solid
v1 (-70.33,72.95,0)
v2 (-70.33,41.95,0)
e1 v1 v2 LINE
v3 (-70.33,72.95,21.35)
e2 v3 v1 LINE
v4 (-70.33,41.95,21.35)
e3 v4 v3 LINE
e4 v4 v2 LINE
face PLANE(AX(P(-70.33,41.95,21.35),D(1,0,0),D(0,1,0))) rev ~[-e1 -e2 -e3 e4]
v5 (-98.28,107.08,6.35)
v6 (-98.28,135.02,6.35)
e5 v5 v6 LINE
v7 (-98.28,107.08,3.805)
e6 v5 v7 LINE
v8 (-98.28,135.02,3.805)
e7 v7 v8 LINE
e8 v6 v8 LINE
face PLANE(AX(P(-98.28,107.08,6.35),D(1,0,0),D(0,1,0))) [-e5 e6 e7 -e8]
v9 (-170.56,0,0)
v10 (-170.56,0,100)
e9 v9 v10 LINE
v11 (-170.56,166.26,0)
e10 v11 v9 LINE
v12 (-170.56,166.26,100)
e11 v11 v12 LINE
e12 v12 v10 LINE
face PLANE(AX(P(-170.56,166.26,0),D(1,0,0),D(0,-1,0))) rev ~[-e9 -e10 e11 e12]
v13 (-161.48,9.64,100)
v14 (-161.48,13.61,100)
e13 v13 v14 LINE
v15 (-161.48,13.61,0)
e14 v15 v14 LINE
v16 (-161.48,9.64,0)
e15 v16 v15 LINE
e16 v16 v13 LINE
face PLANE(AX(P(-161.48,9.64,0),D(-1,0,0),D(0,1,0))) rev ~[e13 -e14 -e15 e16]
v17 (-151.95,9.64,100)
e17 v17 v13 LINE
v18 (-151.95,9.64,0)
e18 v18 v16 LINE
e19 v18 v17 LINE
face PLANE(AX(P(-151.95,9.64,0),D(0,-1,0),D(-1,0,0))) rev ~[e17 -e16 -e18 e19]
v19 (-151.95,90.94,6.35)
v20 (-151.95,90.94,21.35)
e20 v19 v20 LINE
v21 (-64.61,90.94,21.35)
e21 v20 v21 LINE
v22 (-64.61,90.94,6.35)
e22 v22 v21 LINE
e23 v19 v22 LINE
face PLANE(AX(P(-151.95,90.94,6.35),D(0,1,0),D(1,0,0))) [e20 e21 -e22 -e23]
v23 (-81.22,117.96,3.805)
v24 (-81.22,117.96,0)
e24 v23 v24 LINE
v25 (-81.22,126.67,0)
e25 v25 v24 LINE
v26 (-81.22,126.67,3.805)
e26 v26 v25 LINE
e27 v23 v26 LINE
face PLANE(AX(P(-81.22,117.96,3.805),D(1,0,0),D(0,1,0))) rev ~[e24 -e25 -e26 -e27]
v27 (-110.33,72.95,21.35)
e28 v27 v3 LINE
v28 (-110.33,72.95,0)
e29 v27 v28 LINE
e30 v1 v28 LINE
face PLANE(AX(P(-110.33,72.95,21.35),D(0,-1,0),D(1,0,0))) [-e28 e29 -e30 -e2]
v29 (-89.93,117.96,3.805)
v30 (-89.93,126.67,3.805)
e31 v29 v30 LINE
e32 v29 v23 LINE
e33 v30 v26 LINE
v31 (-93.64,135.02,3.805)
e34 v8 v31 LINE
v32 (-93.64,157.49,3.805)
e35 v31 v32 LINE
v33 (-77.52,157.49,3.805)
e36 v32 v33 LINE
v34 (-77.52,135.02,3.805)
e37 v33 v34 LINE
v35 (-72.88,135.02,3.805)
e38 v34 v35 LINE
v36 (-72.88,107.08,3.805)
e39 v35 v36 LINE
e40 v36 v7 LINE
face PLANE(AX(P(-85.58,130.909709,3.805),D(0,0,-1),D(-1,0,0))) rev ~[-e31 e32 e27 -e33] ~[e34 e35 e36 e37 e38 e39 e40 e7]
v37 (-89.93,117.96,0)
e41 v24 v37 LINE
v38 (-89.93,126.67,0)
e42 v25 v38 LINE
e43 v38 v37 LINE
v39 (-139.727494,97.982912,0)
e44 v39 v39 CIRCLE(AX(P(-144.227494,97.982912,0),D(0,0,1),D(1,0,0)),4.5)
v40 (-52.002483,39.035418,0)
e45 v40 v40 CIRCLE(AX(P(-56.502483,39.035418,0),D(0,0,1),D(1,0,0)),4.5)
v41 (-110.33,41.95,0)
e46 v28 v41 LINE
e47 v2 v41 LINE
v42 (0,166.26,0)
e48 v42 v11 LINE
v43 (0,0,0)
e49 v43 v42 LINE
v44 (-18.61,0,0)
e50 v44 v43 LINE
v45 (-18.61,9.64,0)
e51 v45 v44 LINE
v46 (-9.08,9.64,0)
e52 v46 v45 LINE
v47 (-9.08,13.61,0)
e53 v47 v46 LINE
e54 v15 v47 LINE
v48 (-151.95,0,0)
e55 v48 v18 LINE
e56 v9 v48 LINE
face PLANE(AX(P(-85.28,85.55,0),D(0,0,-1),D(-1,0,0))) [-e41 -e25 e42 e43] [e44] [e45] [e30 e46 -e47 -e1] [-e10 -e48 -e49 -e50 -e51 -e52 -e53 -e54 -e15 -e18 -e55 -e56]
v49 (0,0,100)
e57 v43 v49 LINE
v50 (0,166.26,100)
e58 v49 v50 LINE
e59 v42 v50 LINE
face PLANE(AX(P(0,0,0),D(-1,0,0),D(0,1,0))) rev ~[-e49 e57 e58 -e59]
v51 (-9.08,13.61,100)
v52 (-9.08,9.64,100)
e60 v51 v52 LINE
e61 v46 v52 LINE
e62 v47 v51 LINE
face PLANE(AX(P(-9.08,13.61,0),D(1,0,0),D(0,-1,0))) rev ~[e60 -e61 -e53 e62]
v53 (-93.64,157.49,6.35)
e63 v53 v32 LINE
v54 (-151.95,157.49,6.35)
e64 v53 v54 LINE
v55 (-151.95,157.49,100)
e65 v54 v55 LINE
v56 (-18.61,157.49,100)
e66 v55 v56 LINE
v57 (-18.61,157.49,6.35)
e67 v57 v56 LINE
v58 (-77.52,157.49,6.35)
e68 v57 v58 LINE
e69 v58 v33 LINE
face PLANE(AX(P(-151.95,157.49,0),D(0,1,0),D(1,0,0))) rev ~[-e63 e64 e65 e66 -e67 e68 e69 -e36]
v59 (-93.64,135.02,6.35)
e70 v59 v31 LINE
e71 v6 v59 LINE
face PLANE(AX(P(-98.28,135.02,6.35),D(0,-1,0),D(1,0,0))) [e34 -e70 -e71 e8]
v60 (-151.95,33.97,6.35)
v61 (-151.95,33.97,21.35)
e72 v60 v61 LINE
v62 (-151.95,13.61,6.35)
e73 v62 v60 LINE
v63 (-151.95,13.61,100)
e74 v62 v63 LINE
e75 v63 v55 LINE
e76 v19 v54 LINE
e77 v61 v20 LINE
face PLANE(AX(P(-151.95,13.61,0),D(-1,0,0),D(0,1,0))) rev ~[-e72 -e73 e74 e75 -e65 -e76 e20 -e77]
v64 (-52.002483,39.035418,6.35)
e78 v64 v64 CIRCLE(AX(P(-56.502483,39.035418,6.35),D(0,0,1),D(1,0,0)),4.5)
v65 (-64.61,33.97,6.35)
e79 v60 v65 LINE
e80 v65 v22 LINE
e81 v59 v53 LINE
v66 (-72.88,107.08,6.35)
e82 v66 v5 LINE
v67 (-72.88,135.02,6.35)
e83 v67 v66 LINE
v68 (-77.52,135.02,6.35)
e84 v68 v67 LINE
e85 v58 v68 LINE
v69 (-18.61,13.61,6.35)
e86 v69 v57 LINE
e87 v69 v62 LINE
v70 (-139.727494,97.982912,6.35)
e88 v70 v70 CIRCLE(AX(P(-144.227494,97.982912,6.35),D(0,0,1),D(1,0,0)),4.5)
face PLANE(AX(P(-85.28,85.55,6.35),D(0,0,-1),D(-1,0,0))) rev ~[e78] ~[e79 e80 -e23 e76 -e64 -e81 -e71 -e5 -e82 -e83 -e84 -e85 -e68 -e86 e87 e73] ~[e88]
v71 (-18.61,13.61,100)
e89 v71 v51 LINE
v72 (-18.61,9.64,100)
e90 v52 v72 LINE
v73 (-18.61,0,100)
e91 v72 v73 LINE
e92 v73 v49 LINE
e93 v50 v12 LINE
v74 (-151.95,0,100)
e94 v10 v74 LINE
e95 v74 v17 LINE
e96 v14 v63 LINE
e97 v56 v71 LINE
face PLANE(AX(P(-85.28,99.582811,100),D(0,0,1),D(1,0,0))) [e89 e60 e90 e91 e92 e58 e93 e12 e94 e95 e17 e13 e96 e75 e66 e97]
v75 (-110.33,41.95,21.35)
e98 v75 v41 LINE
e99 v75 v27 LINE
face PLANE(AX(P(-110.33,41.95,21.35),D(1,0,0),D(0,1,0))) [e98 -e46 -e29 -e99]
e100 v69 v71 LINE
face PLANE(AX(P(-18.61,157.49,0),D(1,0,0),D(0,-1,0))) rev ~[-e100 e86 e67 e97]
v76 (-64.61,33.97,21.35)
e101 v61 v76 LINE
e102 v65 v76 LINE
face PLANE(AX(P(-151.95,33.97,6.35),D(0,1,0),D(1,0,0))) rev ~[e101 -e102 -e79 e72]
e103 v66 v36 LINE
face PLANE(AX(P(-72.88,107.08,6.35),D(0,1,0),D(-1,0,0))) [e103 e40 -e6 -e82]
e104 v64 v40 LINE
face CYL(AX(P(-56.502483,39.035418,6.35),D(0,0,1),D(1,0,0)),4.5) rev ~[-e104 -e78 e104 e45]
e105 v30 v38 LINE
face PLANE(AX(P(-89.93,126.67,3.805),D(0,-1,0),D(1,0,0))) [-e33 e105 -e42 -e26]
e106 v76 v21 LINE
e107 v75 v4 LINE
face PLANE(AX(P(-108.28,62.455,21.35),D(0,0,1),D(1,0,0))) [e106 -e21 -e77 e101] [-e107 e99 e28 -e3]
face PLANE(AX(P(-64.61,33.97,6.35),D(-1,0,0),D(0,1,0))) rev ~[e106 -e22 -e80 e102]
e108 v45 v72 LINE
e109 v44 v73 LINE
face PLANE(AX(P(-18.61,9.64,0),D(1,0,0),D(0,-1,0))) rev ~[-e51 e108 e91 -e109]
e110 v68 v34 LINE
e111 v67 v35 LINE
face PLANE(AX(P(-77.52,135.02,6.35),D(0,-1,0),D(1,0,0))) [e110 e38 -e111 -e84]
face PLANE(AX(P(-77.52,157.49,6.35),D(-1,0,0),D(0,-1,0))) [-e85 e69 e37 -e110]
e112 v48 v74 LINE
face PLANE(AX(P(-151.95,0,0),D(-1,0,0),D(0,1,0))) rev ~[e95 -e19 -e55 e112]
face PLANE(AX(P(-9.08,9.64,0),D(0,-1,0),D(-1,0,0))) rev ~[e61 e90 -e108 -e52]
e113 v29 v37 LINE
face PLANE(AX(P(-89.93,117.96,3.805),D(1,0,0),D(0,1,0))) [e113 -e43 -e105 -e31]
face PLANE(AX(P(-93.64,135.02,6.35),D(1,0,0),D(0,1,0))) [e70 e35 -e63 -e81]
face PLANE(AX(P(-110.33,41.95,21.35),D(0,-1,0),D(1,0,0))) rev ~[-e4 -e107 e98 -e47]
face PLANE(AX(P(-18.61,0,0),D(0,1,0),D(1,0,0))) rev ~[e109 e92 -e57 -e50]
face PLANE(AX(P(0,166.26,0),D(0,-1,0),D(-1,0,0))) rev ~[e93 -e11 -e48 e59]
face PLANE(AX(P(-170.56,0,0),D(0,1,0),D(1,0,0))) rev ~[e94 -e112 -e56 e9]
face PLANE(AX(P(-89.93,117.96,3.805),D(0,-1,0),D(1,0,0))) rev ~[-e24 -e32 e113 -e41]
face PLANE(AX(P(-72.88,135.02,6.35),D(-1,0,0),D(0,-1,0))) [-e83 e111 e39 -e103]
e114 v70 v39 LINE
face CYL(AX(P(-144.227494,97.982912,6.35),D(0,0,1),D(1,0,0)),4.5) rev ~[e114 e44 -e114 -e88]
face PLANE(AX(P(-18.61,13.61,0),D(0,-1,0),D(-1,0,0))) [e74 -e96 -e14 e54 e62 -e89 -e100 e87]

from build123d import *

# Parameters (mm, degrees)
BOSS_EXTRUDE1_DEPTH = 100
SKETCH2_W           = 133.34
SKETCH2_H           = 143.88
BOSS_EXTRUDE2_DEPTH = 6.35
SKETCH3_W           = 87.34
SKETCH3_H           = 56.97
BOSS_EXTRUDE3_DEPTH = 15
SKETCH4_R           = 4.5
CUT_EXTRUDE1_DEPTH  = 256.936366505
SKETCH5_W           = 40
SKETCH5_H           = 31
CUT_EXTRUDE2_DEPTH  = 251.836448109
CUT_EXTRUDE3_DEPTH  = 2.545
SKETCH7_W           = 8.71
SKETCH7_H           = 8.71
CUT_EXTRUDE4_DEPTH  = 257.878530097


with BuildPart() as part:
    # Sketch1 → Boss-Extrude1 (new body)
    with BuildSketch(Plane.XY):
        Polygon((0, 0), (0, 166.26), (-170.56, 166.26), (-170.56, 0), (-151.95, 0), (-151.95, 9.64), (-161.48, 9.64), (-161.48, 13.61), (-151.95, 13.61), (-151.95, 157.49), (-18.61, 157.49), (-18.61, 13.61), (-9.08, 13.61), (-9.08, 9.64), (-18.61, 9.64), (-18.61, 0), align=None)
    extrude(amount=BOSS_EXTRUDE1_DEPTH)

    # Sketch2 → Boss-Extrude2 (add)
    with BuildSketch(Plane(origin=(0, 0, 0), x_dir=(-1, 0, 0), z_dir=(0, 0, -1))):
        with Locations((85.28, 85.55)):
            Rectangle(SKETCH2_W, SKETCH2_H)
    extrude(amount=-BOSS_EXTRUDE2_DEPTH)

    # Sketch3 → Boss-Extrude3 (add)
    with BuildSketch(Plane.XY.offset(6.35)):
        with Locations((-108.28, 62.455)):
            Rectangle(SKETCH3_W, SKETCH3_H)
    extrude(amount=BOSS_EXTRUDE3_DEPTH)

    # Sketch4 → Cut-Extrude1 (cut, through all)
    with BuildSketch(Plane.XY.offset(6.35)):
        with Locations((-56.502483378, 39.035418079)):
            Circle(SKETCH4_R)
        with Locations((-144.227493726, 97.982911805)):
            Circle(SKETCH4_R)
    extrude(amount=-CUT_EXTRUDE1_DEPTH, mode=Mode.SUBTRACT)

    # Sketch5 → Cut-Extrude2 (cut, through all)
    with BuildSketch(Plane.XY.offset(21.35)):
        with Locations((-90.33, 57.45)):
            Rectangle(SKETCH5_W, SKETCH5_H)
    extrude(amount=-CUT_EXTRUDE2_DEPTH, mode=Mode.SUBTRACT)

    # Sketch6 → Cut-Extrude3 (cut)
    with BuildSketch(Plane.XY.offset(6.35)):
        Polygon((-77.52, 157.49), (-77.52, 135.02), (-72.88, 135.02), (-72.88, 107.08), (-98.28, 107.08), (-98.28, 135.02), (-93.64, 135.02), (-93.64, 157.49), align=None)
    extrude(amount=-CUT_EXTRUDE3_DEPTH, mode=Mode.SUBTRACT)

    # Sketch7 → Cut-Extrude4 (cut, through all)
    with BuildSketch(Plane.XY.offset(3.805)):
        with Locations((-85.575, 122.315)):
            Rectangle(SKETCH7_W, SKETCH7_H)
    extrude(amount=-CUT_EXTRUDE4_DEPTH, mode=Mode.SUBTRACT)


solid = part.part
